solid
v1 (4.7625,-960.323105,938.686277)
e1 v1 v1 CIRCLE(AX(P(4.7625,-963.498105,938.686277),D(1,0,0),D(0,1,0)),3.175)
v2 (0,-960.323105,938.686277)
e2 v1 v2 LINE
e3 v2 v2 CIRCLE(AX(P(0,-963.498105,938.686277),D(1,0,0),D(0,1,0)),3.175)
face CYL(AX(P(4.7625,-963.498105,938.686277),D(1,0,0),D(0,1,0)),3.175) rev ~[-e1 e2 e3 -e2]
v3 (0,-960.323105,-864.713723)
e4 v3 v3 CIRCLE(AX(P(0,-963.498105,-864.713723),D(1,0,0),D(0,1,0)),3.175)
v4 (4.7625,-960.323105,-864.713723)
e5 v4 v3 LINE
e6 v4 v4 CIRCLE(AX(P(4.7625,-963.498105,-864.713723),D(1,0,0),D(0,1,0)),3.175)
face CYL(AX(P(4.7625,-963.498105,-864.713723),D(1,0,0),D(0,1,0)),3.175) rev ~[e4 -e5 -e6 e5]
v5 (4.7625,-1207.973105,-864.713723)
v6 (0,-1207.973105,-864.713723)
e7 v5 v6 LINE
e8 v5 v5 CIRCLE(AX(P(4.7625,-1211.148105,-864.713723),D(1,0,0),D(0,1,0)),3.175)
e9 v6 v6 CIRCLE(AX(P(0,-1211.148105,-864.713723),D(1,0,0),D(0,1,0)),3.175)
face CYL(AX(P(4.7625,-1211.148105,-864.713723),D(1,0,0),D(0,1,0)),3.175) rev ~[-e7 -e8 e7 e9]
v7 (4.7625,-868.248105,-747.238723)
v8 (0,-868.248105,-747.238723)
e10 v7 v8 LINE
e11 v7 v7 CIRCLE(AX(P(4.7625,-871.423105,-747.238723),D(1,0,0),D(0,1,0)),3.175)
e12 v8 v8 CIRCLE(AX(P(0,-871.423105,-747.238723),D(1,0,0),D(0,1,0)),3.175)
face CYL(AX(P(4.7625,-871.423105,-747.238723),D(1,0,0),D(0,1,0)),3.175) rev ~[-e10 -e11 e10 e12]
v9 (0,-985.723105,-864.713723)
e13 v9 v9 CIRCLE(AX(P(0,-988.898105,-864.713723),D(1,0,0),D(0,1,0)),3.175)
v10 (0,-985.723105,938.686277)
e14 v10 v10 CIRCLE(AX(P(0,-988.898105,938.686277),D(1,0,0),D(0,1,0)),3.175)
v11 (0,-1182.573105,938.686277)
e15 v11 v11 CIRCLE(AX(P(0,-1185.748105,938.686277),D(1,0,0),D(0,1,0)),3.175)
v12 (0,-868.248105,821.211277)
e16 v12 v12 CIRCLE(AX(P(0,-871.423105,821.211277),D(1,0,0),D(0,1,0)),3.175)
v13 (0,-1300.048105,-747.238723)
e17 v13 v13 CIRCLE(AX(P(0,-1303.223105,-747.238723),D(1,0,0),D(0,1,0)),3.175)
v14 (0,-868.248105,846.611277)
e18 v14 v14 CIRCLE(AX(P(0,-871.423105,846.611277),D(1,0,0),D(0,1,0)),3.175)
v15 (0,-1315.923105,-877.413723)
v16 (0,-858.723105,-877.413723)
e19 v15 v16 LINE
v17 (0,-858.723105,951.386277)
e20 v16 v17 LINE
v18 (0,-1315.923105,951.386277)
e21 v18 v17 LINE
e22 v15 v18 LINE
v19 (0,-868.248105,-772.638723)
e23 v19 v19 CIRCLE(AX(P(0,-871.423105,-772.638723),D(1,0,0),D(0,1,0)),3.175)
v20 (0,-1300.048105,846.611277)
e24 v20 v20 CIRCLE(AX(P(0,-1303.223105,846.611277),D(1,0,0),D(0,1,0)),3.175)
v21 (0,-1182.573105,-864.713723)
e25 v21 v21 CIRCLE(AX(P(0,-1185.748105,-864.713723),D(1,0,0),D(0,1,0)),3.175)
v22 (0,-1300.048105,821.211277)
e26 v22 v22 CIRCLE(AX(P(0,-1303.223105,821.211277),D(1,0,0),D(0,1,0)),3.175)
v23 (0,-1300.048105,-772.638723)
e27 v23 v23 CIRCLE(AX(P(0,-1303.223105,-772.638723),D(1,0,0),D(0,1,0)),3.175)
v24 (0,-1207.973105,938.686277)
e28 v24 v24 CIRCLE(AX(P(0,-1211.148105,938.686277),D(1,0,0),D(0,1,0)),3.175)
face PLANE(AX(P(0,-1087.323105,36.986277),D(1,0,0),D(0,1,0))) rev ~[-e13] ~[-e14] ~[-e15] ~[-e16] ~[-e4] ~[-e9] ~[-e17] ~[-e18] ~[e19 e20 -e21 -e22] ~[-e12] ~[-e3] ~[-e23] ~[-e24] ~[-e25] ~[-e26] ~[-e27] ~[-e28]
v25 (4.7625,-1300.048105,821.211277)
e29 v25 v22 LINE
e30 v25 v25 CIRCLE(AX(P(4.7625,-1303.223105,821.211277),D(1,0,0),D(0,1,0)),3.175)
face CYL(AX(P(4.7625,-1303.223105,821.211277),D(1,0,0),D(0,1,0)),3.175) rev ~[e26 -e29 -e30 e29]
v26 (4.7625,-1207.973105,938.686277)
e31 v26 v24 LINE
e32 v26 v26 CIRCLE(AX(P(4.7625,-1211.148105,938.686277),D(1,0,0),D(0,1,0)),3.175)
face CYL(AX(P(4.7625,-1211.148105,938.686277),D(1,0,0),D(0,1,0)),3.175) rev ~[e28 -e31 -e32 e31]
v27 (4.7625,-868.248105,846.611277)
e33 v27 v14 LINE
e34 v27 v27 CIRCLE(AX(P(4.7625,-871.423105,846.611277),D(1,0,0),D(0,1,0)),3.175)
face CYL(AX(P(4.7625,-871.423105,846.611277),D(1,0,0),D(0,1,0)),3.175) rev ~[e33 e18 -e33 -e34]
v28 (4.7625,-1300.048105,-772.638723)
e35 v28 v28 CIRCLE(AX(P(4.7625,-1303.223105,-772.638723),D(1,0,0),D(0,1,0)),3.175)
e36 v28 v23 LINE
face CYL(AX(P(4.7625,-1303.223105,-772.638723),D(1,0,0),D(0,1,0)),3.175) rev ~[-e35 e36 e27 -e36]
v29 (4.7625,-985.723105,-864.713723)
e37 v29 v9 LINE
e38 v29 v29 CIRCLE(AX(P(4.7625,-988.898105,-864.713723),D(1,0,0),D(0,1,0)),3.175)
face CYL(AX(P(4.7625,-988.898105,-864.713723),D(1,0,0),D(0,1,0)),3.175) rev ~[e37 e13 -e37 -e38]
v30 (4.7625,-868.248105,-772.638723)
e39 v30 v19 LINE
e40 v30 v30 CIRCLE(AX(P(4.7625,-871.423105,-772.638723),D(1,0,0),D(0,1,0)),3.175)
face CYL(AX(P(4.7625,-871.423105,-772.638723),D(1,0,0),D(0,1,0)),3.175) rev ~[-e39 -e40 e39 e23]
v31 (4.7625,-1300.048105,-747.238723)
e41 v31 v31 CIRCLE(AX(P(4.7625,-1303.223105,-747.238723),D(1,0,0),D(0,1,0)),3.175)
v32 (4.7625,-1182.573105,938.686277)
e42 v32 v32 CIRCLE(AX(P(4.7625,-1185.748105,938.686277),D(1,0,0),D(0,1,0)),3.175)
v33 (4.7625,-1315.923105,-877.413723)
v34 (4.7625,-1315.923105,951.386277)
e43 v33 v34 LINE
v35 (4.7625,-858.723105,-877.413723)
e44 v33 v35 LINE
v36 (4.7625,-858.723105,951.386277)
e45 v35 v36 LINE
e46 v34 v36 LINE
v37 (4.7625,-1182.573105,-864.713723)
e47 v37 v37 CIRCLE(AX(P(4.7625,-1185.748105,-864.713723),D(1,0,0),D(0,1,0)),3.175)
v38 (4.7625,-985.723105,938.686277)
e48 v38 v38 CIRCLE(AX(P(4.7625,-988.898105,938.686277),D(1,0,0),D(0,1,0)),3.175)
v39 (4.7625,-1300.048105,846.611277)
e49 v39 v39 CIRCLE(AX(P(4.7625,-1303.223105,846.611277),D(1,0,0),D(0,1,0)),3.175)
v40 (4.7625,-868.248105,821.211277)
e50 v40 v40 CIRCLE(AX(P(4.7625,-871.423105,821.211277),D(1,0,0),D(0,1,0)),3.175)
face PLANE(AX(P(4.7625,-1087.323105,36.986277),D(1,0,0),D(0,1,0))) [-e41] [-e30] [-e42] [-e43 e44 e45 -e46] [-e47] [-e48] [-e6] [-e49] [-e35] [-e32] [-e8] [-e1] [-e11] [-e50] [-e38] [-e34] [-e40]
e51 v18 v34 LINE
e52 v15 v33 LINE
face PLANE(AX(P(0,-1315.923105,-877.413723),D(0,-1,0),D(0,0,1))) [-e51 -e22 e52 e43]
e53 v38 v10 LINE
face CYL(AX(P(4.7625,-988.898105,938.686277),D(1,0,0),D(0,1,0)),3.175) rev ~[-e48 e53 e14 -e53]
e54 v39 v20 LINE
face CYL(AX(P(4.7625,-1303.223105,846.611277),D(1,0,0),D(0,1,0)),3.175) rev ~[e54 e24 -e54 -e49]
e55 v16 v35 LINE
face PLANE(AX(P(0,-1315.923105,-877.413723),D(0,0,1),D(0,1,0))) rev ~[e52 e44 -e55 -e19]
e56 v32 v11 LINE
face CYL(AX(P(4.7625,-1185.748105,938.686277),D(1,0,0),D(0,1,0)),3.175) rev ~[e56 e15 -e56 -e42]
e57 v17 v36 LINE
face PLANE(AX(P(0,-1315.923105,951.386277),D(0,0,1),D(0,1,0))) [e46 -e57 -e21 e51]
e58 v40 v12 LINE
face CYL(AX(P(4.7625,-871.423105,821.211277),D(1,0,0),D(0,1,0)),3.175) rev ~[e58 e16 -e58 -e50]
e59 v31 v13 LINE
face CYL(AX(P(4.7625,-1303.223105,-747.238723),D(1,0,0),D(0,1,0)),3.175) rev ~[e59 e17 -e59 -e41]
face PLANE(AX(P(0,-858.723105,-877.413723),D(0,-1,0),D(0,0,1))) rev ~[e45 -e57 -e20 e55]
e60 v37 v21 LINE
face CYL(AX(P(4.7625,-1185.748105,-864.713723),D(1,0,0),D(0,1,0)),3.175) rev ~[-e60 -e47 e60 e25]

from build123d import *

# Parameters (mm, degrees)
F0_W     = 457.2
F0_H     = 1828.8
F1_DEPTH = 4.7625
F2_R     = 3.175
F3_R     = 3.175
F4_R     = 3.175
F5_R     = 3.175
F6_DEPTH = 25.4


with BuildPart() as f1:
    # F0 (on Right) → F1 (new body)
    with BuildSketch(Plane.YZ):
        with Locations((-1087.323105, 36.986277)):
            Rectangle(F0_W, F0_H)
    extrude(amount=F1_DEPTH)

    # F2 (on face) + F3 (on face) + F4 (on face) + F5 (on face) → F6 (cut)
    with BuildSketch(Plane.YZ.offset(4.7625)):
        with Locations((-1303.223105, 846.611277)):
            Circle(F2_R)
        with Locations((-1303.223105, 821.211277)):
            Circle(F2_R)
        with Locations((-1211.148105, 938.686277)):
            Circle(F2_R)
        with Locations((-1185.748105, 938.686277)):
            Circle(F2_R)
    with BuildSketch(Plane.YZ.offset(4.7625)):
        with Locations((-988.898105, 938.686277)):
            Circle(F3_R)
        with Locations((-963.498105, 938.686277)):
            Circle(F3_R)
        with Locations((-871.423105, 846.611277)):
            Circle(F3_R)
        with Locations((-871.423105, 821.211277)):
            Circle(F3_R)
    with BuildSketch(Plane.YZ.offset(4.7625)):
        with Locations((-871.423105, -772.638723)):
            Circle(F4_R)
        with Locations((-871.423105, -747.238723)):
            Circle(F4_R)
        with Locations((-963.498105, -864.713723)):
            Circle(F4_R)
        with Locations((-988.898105, -864.713723)):
            Circle(F4_R)
    with BuildSketch(Plane.YZ.offset(4.7625)):
        with Locations((-1303.223105, -772.638723)):
            Circle(F5_R)
        with Locations((-1303.223105, -747.238723)):
            Circle(F5_R)
        with Locations((-1211.148105, -864.713723)):
            Circle(F5_R)
        with Locations((-1185.748105, -864.713723)):
            Circle(F5_R)
    extrude(amount=-F6_DEPTH, mode=Mode.SUBTRACT)


solid = f1.part
